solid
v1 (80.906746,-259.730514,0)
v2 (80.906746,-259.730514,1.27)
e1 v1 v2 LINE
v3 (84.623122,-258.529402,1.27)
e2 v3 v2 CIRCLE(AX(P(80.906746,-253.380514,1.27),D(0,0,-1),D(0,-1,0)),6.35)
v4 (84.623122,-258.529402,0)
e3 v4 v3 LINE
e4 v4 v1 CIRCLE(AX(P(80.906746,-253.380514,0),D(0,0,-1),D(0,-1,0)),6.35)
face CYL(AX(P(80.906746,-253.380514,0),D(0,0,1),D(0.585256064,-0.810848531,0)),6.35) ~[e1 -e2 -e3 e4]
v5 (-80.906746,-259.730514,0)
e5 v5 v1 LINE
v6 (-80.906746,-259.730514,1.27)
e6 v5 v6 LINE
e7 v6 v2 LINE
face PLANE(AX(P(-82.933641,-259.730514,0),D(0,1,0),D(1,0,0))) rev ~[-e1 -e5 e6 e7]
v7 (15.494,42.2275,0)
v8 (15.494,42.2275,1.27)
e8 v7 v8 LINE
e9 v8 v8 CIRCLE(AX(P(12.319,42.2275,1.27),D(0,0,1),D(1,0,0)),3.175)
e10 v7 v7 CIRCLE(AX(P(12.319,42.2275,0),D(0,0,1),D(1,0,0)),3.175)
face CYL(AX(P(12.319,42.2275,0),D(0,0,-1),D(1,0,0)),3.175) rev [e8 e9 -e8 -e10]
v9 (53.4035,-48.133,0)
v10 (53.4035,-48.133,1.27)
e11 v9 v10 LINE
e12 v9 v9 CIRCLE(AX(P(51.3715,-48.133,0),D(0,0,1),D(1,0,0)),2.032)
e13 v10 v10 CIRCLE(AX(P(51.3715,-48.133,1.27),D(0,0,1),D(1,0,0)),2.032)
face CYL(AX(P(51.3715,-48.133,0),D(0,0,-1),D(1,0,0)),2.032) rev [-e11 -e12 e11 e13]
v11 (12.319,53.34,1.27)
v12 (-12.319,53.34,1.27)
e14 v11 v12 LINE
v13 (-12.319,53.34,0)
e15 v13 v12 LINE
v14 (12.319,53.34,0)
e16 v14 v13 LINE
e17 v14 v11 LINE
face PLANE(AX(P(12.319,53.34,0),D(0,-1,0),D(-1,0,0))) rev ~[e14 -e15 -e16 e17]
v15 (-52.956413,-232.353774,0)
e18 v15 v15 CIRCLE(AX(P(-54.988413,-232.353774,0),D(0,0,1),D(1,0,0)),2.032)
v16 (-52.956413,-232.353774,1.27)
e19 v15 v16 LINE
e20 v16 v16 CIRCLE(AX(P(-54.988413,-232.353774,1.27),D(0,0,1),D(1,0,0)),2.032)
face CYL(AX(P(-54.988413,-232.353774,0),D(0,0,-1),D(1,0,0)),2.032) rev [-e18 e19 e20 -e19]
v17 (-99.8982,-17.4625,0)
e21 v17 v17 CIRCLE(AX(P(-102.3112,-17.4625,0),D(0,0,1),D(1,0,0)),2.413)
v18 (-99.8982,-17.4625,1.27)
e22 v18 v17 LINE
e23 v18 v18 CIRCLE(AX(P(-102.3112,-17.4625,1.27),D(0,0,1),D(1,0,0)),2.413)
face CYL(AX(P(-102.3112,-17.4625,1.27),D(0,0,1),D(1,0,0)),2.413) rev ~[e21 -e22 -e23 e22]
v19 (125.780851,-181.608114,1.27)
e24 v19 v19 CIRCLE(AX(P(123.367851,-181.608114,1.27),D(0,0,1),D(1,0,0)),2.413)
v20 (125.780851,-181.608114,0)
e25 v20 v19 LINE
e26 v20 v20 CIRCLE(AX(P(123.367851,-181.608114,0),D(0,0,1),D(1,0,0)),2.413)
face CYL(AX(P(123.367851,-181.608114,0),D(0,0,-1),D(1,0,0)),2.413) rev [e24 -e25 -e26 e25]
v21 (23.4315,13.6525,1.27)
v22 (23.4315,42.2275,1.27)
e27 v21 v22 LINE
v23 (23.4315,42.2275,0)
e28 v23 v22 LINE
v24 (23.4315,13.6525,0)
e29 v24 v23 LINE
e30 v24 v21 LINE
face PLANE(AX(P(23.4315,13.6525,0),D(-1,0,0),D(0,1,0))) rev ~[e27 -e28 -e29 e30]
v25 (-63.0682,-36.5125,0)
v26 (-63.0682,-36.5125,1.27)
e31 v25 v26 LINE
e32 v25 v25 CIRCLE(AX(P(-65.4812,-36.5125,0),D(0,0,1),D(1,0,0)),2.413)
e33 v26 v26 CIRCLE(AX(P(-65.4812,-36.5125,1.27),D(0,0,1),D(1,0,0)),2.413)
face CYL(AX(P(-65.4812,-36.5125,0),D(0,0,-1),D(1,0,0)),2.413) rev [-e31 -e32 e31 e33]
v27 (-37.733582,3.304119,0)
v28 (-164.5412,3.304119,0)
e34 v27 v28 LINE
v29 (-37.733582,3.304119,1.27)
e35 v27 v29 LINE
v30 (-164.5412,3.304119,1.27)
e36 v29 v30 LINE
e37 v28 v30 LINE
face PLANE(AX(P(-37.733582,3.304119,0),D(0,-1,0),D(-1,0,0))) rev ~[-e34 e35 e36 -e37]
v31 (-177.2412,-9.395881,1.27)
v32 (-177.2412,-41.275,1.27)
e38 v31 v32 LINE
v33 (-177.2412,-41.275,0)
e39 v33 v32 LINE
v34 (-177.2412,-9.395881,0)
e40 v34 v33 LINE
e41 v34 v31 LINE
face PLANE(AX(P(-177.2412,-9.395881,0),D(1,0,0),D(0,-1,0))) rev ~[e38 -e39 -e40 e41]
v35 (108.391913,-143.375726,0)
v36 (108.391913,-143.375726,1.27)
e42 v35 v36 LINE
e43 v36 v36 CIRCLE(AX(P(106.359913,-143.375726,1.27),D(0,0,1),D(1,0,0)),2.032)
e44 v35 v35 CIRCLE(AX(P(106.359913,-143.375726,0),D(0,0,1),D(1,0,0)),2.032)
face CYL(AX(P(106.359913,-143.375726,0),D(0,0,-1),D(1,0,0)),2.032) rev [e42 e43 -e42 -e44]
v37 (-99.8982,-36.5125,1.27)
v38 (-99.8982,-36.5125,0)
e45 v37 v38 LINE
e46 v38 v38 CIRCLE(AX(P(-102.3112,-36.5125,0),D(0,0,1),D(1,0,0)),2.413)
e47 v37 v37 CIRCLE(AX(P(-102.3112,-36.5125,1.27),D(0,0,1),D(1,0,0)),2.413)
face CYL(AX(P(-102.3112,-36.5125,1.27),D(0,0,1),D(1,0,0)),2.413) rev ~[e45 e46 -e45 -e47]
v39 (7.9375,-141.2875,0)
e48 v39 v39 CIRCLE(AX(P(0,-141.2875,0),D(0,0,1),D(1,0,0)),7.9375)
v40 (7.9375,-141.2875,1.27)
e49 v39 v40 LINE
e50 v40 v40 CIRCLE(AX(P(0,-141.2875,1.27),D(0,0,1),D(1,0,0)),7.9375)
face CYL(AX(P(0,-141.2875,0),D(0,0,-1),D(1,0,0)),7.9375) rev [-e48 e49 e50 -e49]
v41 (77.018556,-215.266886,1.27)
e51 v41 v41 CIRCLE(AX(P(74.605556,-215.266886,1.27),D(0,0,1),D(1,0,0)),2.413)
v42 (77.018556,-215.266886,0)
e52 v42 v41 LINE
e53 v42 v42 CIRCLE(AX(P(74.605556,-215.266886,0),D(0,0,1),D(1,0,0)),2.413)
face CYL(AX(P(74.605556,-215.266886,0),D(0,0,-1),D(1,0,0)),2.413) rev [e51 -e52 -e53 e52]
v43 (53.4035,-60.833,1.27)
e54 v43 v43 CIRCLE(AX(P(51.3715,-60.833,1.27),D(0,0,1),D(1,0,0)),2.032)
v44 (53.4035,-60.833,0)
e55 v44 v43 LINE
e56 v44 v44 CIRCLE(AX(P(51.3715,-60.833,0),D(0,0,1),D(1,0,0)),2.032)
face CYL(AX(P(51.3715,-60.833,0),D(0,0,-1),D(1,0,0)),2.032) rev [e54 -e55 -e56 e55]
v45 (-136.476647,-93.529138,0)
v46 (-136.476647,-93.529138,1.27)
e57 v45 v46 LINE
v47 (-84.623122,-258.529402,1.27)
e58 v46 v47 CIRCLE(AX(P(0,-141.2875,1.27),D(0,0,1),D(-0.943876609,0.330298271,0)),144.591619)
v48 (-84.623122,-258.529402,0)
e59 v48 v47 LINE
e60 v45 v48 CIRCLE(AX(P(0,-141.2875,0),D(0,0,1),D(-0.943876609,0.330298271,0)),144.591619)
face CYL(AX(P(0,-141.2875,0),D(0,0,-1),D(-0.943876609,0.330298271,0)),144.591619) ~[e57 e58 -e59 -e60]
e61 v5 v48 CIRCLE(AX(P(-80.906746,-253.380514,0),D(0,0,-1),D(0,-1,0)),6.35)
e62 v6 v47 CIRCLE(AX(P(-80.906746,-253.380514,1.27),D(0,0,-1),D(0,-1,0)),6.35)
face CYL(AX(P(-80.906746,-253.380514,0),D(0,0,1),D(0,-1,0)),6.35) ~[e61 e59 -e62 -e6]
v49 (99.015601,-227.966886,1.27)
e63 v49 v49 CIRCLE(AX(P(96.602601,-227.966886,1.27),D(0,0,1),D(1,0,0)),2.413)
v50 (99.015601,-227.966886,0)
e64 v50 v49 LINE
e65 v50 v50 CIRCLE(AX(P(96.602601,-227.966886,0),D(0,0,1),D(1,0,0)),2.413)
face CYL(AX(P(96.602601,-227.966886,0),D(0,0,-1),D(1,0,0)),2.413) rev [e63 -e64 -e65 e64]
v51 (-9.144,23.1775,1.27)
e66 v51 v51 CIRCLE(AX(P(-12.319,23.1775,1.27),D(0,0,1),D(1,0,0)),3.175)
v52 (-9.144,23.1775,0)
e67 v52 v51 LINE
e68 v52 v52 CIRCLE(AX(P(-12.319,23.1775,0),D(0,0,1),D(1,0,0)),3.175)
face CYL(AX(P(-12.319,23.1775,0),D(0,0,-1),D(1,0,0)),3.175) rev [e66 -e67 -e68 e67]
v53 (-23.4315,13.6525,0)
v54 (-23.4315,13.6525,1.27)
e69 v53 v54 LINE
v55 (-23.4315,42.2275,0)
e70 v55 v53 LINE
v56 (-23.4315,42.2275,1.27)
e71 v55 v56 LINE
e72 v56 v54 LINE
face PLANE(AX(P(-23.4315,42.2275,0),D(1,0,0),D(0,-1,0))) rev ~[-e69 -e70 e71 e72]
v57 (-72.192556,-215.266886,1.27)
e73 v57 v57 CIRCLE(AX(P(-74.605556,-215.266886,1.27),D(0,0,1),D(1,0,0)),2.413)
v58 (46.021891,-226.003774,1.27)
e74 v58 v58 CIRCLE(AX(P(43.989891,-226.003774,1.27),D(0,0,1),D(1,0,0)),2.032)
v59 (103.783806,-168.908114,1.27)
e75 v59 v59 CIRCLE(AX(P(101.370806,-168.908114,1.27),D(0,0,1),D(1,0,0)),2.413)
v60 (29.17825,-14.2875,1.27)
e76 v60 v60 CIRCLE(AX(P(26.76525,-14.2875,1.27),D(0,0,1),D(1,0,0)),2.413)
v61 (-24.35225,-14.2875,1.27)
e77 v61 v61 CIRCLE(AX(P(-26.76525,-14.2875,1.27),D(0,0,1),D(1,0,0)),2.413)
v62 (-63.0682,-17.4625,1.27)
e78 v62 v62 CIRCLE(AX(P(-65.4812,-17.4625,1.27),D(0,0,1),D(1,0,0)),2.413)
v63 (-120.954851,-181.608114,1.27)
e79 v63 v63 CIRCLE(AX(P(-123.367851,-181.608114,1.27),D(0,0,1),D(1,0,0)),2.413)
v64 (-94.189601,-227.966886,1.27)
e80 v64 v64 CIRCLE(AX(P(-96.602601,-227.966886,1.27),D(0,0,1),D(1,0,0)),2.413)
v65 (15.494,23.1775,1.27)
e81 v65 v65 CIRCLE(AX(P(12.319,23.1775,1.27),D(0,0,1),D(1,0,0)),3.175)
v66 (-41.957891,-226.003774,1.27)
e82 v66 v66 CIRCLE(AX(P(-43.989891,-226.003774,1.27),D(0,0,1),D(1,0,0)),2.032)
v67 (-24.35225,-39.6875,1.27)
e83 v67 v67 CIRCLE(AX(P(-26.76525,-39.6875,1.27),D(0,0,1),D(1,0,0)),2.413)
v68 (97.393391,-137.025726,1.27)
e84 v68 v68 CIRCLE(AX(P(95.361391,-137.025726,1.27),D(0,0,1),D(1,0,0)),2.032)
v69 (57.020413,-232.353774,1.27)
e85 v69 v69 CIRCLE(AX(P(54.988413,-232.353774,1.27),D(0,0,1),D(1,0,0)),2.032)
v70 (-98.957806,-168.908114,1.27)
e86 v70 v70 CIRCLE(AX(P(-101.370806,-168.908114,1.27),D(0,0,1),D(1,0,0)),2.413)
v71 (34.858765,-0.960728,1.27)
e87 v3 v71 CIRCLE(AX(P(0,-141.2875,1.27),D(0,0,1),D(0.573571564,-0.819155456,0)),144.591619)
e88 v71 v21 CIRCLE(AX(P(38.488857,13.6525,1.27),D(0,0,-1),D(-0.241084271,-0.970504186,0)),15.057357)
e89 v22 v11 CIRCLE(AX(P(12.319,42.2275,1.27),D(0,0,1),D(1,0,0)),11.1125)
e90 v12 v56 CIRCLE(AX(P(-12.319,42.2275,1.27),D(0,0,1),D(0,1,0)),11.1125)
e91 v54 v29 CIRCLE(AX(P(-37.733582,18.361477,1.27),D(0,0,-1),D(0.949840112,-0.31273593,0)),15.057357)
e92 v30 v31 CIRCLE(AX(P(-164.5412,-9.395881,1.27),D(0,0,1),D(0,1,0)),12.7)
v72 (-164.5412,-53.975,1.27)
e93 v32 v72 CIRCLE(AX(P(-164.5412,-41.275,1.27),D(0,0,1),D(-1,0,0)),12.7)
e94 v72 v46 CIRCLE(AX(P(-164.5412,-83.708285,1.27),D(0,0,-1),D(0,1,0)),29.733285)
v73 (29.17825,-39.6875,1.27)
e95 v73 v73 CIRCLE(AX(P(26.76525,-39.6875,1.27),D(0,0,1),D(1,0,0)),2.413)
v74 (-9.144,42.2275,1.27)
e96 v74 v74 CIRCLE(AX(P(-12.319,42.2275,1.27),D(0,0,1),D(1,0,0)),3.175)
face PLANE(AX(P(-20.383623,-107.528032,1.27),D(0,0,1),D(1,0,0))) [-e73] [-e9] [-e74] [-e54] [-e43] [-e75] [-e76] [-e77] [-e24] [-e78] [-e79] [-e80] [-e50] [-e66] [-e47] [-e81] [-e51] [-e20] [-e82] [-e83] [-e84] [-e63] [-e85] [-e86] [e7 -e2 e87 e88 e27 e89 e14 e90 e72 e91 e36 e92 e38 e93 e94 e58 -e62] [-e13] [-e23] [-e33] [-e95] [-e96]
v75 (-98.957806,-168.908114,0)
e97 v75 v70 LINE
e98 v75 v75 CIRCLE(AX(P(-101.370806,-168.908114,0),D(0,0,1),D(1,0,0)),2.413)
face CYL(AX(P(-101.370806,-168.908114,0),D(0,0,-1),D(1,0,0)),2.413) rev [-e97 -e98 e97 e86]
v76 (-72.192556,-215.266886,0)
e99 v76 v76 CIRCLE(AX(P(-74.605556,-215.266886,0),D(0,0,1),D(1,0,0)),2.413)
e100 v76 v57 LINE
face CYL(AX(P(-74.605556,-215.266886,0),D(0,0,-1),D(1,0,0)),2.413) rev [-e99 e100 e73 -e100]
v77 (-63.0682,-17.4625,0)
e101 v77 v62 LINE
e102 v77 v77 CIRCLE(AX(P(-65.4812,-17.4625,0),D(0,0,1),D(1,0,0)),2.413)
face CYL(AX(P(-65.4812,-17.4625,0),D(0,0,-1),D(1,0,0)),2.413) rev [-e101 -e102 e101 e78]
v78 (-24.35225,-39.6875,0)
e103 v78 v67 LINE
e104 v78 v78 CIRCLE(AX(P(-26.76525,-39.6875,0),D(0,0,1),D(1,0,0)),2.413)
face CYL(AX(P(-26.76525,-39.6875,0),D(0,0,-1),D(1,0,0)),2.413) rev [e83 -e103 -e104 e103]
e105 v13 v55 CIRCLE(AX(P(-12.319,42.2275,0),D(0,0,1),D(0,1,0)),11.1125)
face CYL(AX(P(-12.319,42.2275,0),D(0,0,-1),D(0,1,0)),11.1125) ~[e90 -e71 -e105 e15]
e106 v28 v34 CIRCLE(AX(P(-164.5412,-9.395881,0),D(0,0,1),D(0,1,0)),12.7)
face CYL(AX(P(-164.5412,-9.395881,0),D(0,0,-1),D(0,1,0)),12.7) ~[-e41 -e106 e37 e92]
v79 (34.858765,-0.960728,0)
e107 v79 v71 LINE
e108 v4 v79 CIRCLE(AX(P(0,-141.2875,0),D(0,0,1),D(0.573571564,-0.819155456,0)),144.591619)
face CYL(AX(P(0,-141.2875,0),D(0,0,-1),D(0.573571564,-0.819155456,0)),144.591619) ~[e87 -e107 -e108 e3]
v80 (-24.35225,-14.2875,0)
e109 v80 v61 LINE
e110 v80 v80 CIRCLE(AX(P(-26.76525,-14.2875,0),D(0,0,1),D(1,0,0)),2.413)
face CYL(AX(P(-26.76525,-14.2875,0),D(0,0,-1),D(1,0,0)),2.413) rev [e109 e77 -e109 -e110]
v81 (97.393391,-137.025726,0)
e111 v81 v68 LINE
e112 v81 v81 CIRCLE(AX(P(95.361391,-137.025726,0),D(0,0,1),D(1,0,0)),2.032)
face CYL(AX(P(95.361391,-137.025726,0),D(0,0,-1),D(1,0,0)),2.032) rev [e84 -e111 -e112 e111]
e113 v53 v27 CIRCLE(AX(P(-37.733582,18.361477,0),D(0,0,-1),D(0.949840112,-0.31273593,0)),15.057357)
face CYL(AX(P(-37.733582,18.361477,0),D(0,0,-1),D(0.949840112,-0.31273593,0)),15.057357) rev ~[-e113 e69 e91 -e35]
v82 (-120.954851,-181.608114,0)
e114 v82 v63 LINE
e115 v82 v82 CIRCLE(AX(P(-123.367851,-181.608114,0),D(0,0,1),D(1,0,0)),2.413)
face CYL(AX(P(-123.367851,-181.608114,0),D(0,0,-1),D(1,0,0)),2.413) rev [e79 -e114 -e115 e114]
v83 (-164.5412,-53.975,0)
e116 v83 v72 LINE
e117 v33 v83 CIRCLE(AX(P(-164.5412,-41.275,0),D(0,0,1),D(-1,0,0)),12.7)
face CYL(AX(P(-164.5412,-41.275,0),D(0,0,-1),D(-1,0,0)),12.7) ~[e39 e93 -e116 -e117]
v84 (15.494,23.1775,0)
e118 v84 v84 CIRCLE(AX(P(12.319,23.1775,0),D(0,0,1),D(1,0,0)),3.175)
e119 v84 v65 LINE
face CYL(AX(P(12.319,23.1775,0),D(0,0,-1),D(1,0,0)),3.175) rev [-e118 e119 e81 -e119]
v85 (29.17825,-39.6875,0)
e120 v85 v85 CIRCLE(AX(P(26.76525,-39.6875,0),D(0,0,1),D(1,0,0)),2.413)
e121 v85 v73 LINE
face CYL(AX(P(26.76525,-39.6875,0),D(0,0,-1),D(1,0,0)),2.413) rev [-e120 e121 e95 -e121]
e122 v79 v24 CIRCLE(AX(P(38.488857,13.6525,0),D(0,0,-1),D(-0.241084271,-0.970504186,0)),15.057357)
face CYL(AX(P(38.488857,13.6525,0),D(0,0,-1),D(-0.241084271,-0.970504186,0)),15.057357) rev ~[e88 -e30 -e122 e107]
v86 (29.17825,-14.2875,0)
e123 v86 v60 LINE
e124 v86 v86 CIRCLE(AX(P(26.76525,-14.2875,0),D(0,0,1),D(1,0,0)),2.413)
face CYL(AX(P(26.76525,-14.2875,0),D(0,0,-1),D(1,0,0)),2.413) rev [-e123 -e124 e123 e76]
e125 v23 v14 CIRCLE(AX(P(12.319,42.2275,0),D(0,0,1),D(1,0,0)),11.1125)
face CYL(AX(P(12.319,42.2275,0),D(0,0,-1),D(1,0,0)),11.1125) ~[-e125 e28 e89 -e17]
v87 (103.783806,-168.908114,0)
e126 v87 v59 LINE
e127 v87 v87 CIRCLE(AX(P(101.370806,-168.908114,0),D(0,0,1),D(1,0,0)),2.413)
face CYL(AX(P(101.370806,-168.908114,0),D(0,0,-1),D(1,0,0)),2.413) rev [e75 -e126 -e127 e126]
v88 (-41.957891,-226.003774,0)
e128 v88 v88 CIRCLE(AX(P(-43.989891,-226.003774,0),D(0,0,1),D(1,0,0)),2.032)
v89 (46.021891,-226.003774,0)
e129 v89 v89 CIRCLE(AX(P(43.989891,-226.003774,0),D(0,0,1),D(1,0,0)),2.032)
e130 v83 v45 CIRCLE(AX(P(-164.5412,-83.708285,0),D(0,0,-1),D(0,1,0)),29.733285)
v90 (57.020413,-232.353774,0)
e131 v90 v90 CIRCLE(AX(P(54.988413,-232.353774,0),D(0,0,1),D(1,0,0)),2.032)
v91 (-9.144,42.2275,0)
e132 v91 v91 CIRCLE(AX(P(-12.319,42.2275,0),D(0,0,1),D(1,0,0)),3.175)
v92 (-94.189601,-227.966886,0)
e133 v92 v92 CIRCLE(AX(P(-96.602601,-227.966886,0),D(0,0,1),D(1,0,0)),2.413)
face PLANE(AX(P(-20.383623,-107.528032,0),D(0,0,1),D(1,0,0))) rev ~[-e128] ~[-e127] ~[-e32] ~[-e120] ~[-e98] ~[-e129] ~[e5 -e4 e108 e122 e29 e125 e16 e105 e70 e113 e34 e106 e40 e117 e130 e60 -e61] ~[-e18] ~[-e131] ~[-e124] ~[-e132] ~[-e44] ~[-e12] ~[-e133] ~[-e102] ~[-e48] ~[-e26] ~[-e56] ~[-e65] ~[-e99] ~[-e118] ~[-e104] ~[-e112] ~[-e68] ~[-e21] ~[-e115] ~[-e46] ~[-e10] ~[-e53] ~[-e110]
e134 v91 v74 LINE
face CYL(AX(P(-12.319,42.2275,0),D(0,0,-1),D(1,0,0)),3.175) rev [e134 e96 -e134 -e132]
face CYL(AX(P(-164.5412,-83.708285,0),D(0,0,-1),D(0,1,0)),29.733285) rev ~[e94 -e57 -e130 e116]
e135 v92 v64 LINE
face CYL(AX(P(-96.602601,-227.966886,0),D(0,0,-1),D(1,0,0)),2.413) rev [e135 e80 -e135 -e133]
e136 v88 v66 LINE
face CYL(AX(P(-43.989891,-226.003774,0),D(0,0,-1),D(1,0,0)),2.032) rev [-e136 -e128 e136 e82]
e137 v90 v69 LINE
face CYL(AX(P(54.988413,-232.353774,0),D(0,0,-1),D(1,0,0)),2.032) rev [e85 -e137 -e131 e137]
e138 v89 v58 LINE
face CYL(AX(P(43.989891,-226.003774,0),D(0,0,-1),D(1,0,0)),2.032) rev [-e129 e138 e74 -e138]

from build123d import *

# Parameters (mm, degrees)
SKETCH1_R           = 2.413
SKETCH1_R_2         = 2.032
SKETCH1_R_3         = 7.9375
SKETCH1_R_4         = 3.175
BOSS_EXTRUDE1_DEPTH = 1.27
SKETCH2_R           = 2.413
CUT_EXTRUDE1_DEPTH  = 2.27
FILLET1_R           = 6.35


with BuildPart() as part:
    # Sketch1 → Boss-Extrude1 (new body)
    with BuildSketch(Plane.XY):
        with BuildLine():
            ThreePointArc((82.933641233, -259.730513994), (142.159112513, -114.876836591), (34.858765173, -0.960728132))
            ThreePointArc((34.858765173, -0.960728132), (26.627499814, 4.377145212), (23.4315, 13.6525))
            Line((23.4315, 13.6525), (23.4315, 42.2275))
            ThreePointArc((23.4315, 42.2275), (20.176724106, 50.085224106), (12.319, 53.34))
            Line((12.319, 53.34), (-12.319, 53.34))
            ThreePointArc((-12.319, 53.34), (-20.176724106, 50.085224106), (-23.4315, 42.2275))
            Line((-23.4315, 42.2275), (-23.4315, 13.6525))
            ThreePointArc((-23.4315, 13.6525), (-28.906938551, 6.162526908), (-37.733581796, 3.30411944))
            Line((-37.733581796, 3.30411944), (-164.5412, 3.30411944))
            ThreePointArc((-164.5412, 3.30411944), (-173.521456121, -0.415624439), (-177.2412, -9.39588056))
            Line((-177.2412, -9.39588056), (-177.2412, -41.275))
            ThreePointArc((-177.2412, -41.275), (-173.521456121, -50.255256121), (-164.5412, -53.975))
            ThreePointArc((-164.5412, -53.975), (-140.291720841, -66.502733348), (-136.476647403, -93.529138158))
            ThreePointArc((-136.476647403, -93.529138158), (-137.626098624, -185.624768634), (-82.933641233, -259.730513994))
            Line((-82.933641233, -259.730513994), (82.933641233, -259.730513994))
        make_face()
        with Locations((-96.602601281, -227.966886439)):
            Circle(SKETCH1_R, mode=Mode.SUBTRACT)
        with Locations((-74.605556024, -215.266886439)):
            Circle(SKETCH1_R, mode=Mode.SUBTRACT)
        with Locations((-123.367851281, -181.608113561)):
            Circle(SKETCH1_R, mode=Mode.SUBTRACT)
        with Locations((-101.370806024, -168.908113561)):
            Circle(SKETCH1_R, mode=Mode.SUBTRACT)
        with Locations((-54.988413477, -232.353774031)):
            Circle(SKETCH1_R_2, mode=Mode.SUBTRACT)
        with Locations((-43.989890849, -226.003774031)):
            Circle(SKETCH1_R_2, mode=Mode.SUBTRACT)
        with Locations((43.989890849, -226.003774031)):
            Circle(SKETCH1_R_2, mode=Mode.SUBTRACT)
        with Locations((54.988413477, -232.353774031)):
            Circle(SKETCH1_R_2, mode=Mode.SUBTRACT)
        with Locations((74.605556024, -215.266886439)):
            Circle(SKETCH1_R, mode=Mode.SUBTRACT)
        with Locations((96.602601281, -227.966886439)):
            Circle(SKETCH1_R, mode=Mode.SUBTRACT)
        with Locations((101.370806024, -168.908113561)):
            Circle(SKETCH1_R, mode=Mode.SUBTRACT)
        with Locations((123.367851281, -181.608113561)):
            Circle(SKETCH1_R, mode=Mode.SUBTRACT)
        with Locations((0, -141.2875)):
            Circle(SKETCH1_R_3, mode=Mode.SUBTRACT)
        with Locations((106.359913477, -143.375725969)):
            Circle(SKETCH1_R_2, mode=Mode.SUBTRACT)
        with Locations((95.361390849, -137.025725969)):
            Circle(SKETCH1_R_2, mode=Mode.SUBTRACT)
        with Locations((-65.4812, -36.5125)):
            Circle(SKETCH1_R, mode=Mode.SUBTRACT)
        with Locations((-26.76525, -39.6875)):
            Circle(SKETCH1_R, mode=Mode.SUBTRACT)
        with Locations((-65.4812, -17.4625)):
            Circle(SKETCH1_R, mode=Mode.SUBTRACT)
        with Locations((-26.76525, -14.2875)):
            Circle(SKETCH1_R, mode=Mode.SUBTRACT)
        with Locations((-12.319, 23.1775)):
            Circle(SKETCH1_R_4, mode=Mode.SUBTRACT)
        with Locations((-12.319, 42.2275)):
            Circle(SKETCH1_R_4, mode=Mode.SUBTRACT)
        with Locations((51.3715, -60.833)):
            Circle(SKETCH1_R_2, mode=Mode.SUBTRACT)
        with Locations((26.76525, -39.6875)):
            Circle(SKETCH1_R, mode=Mode.SUBTRACT)
        with Locations((51.3715, -48.133)):
            Circle(SKETCH1_R_2, mode=Mode.SUBTRACT)
        with Locations((26.76525, -14.2875)):
            Circle(SKETCH1_R, mode=Mode.SUBTRACT)
        with Locations((12.319, 23.1775)):
            Circle(SKETCH1_R_4, mode=Mode.SUBTRACT)
        with Locations((12.319, 42.2275)):
            Circle(SKETCH1_R_4, mode=Mode.SUBTRACT)
    extrude(amount=BOSS_EXTRUDE1_DEPTH)

    # Sketch2 → Cut-Extrude1 (cut, through all)
    with BuildSketch(Plane.XY.offset(1.27)):
        with Locations((-102.3112, -17.4625)):
            Circle(SKETCH2_R)
        with Locations((-102.3112, -36.5125)):
            Circle(SKETCH2_R)
    extrude(amount=-CUT_EXTRUDE1_DEPTH, mode=Mode.SUBTRACT)

    # Fillet1
    fillet1_edges = [part.edges().sort_by_distance(p)[0] for p in [
        (82.933641233, -259.730513994, 0.635),
        (-82.933641233, -259.730513994, 0.635),
    ]]
    fillet(fillet1_edges, radius=FILLET1_R)


solid = part.part
